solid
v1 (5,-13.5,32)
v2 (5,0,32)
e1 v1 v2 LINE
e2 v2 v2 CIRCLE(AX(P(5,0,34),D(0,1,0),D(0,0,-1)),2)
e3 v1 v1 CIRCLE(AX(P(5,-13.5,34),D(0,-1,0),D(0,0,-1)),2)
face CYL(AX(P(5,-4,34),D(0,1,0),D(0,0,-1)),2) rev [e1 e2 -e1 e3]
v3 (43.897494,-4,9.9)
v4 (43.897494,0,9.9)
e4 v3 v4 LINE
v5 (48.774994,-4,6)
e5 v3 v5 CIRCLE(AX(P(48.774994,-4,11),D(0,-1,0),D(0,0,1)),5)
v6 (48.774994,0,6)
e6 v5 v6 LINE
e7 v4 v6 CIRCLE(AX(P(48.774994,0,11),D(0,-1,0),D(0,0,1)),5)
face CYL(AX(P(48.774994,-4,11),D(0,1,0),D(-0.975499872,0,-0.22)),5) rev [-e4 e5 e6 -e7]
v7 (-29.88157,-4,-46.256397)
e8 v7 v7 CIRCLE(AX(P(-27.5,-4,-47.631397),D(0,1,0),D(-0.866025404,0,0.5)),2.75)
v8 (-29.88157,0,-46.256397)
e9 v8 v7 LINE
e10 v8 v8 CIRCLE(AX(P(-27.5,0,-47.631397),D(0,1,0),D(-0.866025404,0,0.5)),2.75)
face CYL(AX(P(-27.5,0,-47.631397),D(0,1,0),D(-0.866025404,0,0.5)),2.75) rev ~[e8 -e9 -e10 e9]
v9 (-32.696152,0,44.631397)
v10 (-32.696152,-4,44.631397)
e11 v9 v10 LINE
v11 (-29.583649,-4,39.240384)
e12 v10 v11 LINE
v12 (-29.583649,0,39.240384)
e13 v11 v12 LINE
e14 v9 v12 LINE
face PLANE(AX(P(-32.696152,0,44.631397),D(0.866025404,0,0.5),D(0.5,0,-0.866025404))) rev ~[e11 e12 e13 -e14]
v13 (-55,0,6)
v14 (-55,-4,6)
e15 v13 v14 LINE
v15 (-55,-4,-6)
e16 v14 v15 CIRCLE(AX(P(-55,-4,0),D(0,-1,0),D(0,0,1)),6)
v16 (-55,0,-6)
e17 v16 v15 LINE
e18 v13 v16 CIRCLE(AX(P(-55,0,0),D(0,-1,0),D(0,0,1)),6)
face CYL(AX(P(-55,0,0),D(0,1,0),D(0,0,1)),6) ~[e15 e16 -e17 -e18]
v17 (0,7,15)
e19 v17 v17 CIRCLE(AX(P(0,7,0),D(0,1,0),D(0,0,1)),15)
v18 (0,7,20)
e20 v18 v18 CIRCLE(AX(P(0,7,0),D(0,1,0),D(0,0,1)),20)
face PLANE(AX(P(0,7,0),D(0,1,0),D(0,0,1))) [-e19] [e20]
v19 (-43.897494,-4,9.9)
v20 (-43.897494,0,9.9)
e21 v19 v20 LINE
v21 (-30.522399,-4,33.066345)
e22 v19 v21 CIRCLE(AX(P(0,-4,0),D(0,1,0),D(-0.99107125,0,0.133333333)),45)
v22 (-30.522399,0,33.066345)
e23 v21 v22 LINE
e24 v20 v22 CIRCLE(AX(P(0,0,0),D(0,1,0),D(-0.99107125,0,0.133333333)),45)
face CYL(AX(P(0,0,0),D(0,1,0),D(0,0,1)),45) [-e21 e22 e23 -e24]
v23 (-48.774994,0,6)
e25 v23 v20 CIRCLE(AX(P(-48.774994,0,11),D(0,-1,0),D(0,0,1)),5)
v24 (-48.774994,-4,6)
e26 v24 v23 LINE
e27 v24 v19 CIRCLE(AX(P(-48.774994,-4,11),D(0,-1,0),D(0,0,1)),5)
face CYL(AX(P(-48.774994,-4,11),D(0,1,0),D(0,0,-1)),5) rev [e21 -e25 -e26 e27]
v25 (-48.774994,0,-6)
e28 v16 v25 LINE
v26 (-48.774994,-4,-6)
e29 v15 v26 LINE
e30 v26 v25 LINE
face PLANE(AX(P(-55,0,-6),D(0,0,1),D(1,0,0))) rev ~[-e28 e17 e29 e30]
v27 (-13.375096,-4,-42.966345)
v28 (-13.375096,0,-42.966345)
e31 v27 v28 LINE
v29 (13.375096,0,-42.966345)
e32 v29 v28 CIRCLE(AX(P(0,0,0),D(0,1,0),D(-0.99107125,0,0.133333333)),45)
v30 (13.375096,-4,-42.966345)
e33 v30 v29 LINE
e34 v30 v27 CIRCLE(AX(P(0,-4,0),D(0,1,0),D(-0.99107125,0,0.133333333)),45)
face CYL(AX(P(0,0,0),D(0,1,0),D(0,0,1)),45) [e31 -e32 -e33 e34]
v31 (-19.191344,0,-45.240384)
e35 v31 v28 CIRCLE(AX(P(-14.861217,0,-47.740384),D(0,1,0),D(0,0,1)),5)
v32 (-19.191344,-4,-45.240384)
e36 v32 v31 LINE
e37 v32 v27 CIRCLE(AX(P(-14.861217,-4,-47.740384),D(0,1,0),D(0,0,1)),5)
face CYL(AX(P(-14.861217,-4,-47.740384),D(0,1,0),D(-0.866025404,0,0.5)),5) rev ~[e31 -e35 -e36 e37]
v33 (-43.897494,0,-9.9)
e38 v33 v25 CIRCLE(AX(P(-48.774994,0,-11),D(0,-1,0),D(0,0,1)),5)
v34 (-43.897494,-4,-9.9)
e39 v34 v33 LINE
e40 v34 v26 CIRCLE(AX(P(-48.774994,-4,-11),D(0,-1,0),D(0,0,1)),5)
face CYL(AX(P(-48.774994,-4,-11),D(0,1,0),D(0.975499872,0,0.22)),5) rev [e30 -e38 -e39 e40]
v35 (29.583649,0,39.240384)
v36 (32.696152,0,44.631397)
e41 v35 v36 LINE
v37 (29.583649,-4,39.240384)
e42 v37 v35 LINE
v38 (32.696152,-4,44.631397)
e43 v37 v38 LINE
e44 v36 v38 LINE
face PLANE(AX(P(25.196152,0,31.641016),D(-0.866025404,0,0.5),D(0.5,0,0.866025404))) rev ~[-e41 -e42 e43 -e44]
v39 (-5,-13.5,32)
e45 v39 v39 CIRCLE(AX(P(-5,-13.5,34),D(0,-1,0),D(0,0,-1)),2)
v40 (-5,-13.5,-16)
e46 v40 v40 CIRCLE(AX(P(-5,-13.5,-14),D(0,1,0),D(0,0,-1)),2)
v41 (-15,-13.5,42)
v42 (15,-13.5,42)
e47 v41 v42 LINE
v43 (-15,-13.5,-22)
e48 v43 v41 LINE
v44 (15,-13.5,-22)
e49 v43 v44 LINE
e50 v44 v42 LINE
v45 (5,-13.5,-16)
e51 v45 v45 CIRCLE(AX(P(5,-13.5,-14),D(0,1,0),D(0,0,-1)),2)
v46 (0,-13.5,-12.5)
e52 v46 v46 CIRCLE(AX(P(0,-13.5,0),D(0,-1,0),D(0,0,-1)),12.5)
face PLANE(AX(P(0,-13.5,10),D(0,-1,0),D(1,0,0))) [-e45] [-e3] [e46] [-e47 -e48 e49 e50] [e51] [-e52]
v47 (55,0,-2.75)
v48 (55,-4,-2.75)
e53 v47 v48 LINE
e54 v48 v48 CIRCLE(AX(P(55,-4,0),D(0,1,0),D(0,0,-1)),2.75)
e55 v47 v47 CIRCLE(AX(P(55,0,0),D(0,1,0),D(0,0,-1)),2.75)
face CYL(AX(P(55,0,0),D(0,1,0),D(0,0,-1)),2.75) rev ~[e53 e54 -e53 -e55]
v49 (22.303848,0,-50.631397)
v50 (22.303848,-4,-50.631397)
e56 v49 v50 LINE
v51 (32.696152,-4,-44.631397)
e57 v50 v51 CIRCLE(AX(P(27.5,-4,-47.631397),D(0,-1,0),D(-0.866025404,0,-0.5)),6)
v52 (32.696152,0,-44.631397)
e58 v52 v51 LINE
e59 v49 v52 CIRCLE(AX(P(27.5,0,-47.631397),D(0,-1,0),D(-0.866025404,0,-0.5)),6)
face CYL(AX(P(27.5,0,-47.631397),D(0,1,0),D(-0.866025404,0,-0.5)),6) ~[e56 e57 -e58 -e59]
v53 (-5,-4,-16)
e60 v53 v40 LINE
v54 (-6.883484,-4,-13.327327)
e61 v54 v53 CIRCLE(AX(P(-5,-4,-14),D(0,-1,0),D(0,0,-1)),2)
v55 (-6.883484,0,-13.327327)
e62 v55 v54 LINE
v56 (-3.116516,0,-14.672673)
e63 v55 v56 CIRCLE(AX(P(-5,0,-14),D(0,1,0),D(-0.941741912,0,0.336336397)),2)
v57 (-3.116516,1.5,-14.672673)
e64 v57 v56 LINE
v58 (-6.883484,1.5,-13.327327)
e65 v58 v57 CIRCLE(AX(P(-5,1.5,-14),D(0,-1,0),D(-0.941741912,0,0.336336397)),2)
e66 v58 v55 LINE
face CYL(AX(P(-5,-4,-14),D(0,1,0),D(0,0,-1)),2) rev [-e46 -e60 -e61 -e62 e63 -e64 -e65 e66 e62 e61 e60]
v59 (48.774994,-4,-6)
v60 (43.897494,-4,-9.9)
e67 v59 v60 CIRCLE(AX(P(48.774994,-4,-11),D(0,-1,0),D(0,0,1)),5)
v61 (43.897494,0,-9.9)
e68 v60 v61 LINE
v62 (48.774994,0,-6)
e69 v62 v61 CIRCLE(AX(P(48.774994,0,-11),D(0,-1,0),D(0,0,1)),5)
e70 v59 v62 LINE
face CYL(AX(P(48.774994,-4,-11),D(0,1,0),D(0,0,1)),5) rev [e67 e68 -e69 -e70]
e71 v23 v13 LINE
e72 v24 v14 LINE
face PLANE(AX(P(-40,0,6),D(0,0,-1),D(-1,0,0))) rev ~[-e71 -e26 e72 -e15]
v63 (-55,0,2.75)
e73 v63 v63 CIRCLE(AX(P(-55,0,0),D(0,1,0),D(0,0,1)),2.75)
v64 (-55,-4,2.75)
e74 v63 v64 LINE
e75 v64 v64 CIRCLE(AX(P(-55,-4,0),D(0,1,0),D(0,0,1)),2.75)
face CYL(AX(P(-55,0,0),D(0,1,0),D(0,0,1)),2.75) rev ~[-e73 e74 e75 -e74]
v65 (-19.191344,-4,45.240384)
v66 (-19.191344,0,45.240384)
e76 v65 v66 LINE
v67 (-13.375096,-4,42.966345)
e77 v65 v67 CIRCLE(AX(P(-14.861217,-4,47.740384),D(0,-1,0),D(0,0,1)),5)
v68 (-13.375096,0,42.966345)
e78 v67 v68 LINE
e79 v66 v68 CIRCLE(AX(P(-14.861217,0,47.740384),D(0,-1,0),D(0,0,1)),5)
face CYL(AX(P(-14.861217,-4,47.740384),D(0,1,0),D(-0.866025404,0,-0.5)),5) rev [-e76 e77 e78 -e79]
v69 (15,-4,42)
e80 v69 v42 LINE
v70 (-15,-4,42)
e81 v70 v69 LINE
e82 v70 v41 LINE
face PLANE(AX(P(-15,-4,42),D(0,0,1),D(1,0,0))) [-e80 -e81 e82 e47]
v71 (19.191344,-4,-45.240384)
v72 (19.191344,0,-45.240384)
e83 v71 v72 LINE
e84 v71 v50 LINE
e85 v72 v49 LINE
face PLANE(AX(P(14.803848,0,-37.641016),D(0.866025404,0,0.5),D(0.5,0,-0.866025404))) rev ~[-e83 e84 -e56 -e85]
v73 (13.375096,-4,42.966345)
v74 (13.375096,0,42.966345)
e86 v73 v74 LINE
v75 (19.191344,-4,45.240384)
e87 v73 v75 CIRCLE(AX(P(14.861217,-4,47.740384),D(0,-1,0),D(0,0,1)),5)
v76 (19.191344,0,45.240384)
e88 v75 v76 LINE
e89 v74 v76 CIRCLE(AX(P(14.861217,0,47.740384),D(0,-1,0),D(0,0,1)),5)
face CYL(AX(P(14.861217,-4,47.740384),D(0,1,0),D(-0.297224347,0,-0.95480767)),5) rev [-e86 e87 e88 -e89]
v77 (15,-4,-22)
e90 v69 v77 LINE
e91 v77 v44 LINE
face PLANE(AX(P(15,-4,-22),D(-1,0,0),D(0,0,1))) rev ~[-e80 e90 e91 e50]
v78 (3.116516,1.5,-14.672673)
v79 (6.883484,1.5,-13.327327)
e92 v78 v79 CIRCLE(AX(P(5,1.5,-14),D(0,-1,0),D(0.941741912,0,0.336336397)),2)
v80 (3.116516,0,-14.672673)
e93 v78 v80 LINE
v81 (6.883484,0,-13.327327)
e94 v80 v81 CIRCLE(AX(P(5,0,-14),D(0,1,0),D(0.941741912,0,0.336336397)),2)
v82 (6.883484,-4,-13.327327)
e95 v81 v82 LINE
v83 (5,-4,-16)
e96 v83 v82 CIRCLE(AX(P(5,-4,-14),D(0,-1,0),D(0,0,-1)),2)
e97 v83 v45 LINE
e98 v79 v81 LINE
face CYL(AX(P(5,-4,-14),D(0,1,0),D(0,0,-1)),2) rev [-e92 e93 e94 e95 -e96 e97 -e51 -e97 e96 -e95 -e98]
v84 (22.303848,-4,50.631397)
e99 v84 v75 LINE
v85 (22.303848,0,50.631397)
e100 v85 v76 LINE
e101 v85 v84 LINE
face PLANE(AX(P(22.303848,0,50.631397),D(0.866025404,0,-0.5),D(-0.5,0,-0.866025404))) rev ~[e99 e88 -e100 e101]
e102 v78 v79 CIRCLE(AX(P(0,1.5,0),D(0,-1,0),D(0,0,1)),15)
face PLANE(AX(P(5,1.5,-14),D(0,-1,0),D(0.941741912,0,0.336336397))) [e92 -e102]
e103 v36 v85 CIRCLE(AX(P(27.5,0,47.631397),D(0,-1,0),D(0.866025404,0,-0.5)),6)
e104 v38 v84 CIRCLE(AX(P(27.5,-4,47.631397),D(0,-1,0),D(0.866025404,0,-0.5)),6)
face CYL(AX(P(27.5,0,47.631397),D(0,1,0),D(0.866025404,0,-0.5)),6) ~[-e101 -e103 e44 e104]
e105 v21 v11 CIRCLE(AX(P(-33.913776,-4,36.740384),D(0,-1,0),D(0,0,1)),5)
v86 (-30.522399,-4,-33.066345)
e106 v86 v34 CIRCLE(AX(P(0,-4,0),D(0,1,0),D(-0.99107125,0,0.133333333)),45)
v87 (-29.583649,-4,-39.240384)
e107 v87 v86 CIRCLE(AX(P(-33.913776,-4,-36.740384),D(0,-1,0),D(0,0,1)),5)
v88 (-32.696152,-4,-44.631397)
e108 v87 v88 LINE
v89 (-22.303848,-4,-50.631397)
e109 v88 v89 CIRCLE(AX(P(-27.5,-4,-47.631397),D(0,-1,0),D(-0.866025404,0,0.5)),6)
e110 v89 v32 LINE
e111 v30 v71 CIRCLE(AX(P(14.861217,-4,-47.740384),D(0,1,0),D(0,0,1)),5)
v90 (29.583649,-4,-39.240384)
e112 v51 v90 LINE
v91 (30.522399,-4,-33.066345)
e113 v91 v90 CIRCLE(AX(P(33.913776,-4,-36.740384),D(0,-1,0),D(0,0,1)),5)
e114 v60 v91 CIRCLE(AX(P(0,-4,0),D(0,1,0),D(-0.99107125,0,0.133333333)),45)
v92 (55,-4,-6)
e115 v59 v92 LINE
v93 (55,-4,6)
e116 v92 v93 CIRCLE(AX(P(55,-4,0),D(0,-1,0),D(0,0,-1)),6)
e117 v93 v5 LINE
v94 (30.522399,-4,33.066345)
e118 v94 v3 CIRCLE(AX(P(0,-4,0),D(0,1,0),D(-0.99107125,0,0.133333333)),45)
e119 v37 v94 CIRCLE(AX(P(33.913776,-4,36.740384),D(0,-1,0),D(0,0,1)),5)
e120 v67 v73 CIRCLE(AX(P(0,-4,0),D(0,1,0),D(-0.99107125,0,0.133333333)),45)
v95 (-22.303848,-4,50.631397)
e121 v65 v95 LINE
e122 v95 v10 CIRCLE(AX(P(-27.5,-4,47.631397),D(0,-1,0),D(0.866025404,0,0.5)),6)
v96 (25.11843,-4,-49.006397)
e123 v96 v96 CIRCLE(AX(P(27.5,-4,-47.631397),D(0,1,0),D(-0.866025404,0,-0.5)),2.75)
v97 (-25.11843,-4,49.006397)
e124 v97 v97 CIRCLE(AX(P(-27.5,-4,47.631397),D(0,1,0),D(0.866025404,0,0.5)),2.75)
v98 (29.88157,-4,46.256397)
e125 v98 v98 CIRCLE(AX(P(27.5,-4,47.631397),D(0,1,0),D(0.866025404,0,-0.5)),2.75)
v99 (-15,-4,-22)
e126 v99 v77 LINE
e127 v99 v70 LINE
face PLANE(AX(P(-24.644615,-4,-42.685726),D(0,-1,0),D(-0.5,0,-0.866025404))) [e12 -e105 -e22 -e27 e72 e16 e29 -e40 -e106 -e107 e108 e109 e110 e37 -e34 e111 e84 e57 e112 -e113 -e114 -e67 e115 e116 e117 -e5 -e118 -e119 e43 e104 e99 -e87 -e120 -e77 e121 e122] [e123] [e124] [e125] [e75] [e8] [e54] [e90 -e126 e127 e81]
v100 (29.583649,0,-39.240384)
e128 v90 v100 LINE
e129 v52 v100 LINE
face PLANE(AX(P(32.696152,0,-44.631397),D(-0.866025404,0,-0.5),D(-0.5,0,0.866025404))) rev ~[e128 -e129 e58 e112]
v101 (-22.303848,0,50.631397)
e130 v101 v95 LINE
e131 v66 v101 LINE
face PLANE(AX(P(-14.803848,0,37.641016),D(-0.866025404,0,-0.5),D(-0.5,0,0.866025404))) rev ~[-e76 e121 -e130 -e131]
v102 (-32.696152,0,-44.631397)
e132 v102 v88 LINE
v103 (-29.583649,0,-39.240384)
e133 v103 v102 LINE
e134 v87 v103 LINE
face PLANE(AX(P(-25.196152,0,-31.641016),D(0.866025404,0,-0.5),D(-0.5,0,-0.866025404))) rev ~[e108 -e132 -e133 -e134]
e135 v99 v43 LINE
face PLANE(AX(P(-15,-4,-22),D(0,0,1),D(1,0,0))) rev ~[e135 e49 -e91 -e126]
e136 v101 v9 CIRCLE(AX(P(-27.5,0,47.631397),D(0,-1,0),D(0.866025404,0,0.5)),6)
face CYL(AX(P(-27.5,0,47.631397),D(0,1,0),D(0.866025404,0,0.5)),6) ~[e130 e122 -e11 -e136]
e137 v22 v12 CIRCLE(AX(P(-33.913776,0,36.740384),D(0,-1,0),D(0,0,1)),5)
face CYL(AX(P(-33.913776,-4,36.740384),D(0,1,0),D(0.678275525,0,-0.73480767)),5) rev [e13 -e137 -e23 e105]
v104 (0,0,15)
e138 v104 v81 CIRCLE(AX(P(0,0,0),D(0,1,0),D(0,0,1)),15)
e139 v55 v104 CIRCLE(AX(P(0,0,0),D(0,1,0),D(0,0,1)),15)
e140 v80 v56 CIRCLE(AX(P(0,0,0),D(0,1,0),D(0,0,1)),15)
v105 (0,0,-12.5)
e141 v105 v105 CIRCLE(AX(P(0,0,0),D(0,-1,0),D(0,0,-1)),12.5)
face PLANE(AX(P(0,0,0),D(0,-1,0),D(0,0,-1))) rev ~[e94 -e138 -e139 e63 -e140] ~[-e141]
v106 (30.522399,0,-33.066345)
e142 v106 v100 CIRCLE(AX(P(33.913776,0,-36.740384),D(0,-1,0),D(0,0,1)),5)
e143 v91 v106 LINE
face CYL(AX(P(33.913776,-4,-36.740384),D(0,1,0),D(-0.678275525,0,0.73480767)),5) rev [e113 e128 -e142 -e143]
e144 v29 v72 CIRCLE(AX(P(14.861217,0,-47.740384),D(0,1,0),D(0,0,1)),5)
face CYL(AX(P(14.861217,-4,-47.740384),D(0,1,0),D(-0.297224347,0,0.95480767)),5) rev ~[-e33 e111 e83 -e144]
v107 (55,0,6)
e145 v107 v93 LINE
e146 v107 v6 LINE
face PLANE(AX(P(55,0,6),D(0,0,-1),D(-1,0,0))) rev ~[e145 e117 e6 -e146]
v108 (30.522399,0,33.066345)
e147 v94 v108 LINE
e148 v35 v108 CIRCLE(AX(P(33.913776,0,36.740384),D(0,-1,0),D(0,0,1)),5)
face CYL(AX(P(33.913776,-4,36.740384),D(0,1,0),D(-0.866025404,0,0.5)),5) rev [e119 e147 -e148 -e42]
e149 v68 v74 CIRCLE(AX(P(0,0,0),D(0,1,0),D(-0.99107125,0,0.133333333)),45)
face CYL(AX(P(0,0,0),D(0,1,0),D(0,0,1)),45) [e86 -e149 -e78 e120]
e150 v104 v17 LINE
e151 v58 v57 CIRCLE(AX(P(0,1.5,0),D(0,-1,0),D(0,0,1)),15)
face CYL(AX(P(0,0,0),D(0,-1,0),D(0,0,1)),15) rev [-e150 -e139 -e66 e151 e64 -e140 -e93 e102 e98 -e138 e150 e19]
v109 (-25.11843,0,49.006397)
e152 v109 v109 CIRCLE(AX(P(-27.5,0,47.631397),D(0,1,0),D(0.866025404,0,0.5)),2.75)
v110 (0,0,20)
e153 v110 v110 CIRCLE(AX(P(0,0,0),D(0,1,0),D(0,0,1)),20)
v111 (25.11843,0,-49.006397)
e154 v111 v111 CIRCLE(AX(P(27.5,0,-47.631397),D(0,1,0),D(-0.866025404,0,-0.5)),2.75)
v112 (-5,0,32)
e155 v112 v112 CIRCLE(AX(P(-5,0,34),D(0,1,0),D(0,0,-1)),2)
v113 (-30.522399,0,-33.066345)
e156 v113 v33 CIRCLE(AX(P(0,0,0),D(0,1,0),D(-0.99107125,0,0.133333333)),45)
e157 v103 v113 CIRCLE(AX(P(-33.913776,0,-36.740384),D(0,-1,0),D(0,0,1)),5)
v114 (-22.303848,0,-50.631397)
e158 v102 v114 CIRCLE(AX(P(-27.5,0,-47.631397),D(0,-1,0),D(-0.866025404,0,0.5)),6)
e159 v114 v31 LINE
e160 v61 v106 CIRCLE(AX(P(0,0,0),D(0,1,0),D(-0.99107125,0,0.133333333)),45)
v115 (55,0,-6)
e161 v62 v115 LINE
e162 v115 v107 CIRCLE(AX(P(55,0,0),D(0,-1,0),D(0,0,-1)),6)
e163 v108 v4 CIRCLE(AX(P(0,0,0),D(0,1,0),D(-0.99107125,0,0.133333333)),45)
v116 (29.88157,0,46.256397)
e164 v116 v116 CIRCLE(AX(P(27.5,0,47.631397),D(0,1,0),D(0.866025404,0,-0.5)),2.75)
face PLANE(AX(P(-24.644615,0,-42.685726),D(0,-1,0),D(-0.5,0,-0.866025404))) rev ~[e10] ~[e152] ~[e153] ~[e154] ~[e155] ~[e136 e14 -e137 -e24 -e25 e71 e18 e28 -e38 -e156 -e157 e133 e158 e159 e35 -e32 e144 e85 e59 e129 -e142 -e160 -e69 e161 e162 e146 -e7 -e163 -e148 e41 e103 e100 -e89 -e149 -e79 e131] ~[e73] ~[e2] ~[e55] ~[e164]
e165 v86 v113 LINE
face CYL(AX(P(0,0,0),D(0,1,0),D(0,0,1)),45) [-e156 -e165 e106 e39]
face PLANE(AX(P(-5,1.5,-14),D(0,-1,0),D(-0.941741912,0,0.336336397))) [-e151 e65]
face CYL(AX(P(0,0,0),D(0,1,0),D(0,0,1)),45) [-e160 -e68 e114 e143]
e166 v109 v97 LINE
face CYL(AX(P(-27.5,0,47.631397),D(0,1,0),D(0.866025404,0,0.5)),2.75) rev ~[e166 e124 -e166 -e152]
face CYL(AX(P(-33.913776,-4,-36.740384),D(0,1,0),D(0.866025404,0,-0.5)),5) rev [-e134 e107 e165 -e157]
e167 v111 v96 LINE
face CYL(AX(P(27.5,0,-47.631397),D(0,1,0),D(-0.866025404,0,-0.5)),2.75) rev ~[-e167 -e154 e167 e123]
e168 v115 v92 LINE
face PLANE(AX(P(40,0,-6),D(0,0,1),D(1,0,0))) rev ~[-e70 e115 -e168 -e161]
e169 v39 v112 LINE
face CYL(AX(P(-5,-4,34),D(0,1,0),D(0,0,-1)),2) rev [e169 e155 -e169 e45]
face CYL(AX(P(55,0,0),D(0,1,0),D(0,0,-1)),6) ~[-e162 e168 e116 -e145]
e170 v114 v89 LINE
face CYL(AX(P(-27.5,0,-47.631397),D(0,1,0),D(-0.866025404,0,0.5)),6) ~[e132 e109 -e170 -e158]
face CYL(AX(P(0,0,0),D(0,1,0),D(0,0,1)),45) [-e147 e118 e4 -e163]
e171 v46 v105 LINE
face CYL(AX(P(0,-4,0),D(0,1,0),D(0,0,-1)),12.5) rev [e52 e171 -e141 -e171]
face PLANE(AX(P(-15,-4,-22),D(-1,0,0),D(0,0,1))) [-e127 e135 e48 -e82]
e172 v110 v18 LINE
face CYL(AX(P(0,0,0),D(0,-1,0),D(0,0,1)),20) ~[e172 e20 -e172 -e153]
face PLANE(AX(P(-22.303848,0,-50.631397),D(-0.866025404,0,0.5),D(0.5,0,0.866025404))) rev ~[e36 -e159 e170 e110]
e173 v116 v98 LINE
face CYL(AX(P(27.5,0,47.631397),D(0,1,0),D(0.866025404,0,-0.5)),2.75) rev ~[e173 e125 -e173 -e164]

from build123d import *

# Parameters (mm, degrees)
SKETCH_1_R               = 20
SKETCH_1_R_2             = 15
EXTRUDE_1_DEPTH          = 7
SKETCH_2_R               = 70
SKETCH_2_R_2             = 12.5
EXTRUDE_2_DEPTH          = 4
SKETCH_3_W               = 30
SKETCH_3_H               = 64
SKETCH_3_R               = 2
SKETCH_3_R_2             = 12.5
EXTRUDE_3_DEPTH          = 9.5
SKETCH_4_R               = 80
SKETCH_4_R_2             = 45
CUT_EXTRUDE_1_DEPTH      = 9.5
CUT_EXTRUDE_START        = -15
SKETCH_6_R               = 2
CUT_EXTRUDE_2_DEPTH      = 15
SKETCH_7_R               = 2.75
EXTRUDE_4_DEPTH          = 4
PATTERN_CIRCULAR_1_COUNT = 6
FILLET_2_R               = 5


with BuildPart() as part:
    # Эскиз1 → Бобышка-Вытянуть1 (new body)
    with BuildSketch(Plane(origin=(0, 0, 0), x_dir=(1, 0, 0), z_dir=(0, 1, 0))):
        with Locations(Location((0, 0, 0), (0, 0, 270))):
            Circle(SKETCH_1_R)
        with Locations(Location((0, 0, 0), (0, 0, 270))):
            Circle(SKETCH_1_R_2, mode=Mode.SUBTRACT)
    extrude(amount=EXTRUDE_1_DEPTH)

    # Эскиз2 → Бобышка-Вытянуть2 (add)
    with BuildSketch(Plane.XZ):
        with Locations(Location((0, 0, 0), (0, 0, 270))):
            Circle(SKETCH_2_R)
        with Locations(Location((0, 0, 0), (0, 0, 270))):
            Circle(SKETCH_2_R_2, mode=Mode.SUBTRACT)
    extrude(amount=EXTRUDE_2_DEPTH)

    # Эскиз3 → Бобышка-Вытянуть3 (add)
    with BuildSketch(Plane.XZ.offset(4)):
        with Locations((0, 10)):
            Rectangle(SKETCH_3_W, SKETCH_3_H)
        with Locations(Location((-5, 34, 0), (0, 0, 270))):
            Circle(SKETCH_3_R, mode=Mode.SUBTRACT)
        with Locations(Location((5, 34, 0), (0, 0, 270))):
            Circle(SKETCH_3_R, mode=Mode.SUBTRACT)
        with Locations(Location((-5, -14, 0), (0, 0, 270))):
            Circle(SKETCH_3_R, mode=Mode.SUBTRACT)
        with Locations(Location((5, -14, 0), (0, 0, 270))):
            Circle(SKETCH_3_R, mode=Mode.SUBTRACT)
        with Locations(Location((0, 0, 0), (0, 0, 270))):
            Circle(SKETCH_3_R_2, mode=Mode.SUBTRACT)
    extrude(amount=EXTRUDE_3_DEPTH)

    # Эскиз4 → Вырез-Вытянуть1 (cut)
    with BuildSketch(Plane(origin=(0, 0, 0), x_dir=(1, 0, 0), z_dir=(0, 1, 0))):
        Circle(SKETCH_4_R)
        with Locations(Location((0, 0, 0), (0, 0, 270))):
            Circle(SKETCH_4_R_2, mode=Mode.SUBTRACT)
    extrude(amount=-CUT_EXTRUDE_1_DEPTH, mode=Mode.SUBTRACT)

    # Эскиз6 → Вырез-Вытянуть2 (cut)
    with BuildSketch(Plane.XZ.offset(13.5).offset(CUT_EXTRUDE_START)):
        with Locations(Location((-5, 34, 0), (0, 0, 270))):
            Circle(SKETCH_6_R)
        with Locations(Location((5, 34, 0), (0, 0, 270))):
            Circle(SKETCH_6_R)
        with Locations(Location((-5, -14, 0), (0, 0, 160.346175942))):
            Circle(SKETCH_6_R)
        with Locations(Location((5, -14, 0), (0, 0, 19.653824058))):
            Circle(SKETCH_6_R)
    extrude(amount=CUT_EXTRUDE_2_DEPTH, mode=Mode.SUBTRACT)

    # Эскиз7 → Бобышка-Вытянуть4 (add)
    with BuildSketch(Plane(origin=(0, 0, 0), x_dir=(1, 0, 0), z_dir=(0, 1, 0))):
        with BuildLine():
            Line((-55, 6), (-40, 6))
            Line((-40, 6), (-40, -6))
            Line((-40, -6), (-55, -6))
            ThreePointArc((-55, -6), (-61, 0), (-55, 6))
        make_face()
        with Locations(Location((-55, 0, 0), (0, 0, 270))):
            Circle(SKETCH_7_R, mode=Mode.SUBTRACT)
    extrude_4 = extrude(amount=-EXTRUDE_4_DEPTH)

    # Круговой массив1: Бобышка-Вытянуть4 ×6 about axis
    pattern_circular_1_axis = Axis((0, 0, 0), (0, 1, 0))
    for i in range(1, PATTERN_CIRCULAR_1_COUNT):
        add(extrude_4.rotate(pattern_circular_1_axis, i * 360 / PATTERN_CIRCULAR_1_COUNT))

    # Скругление2
    fillet_2_edges = [part.edges().sort_by_distance(p)[0] for p in [
        (-17.102950698, -2, 41.623179569),
        (-27.495255544, -2, 35.623179569),
        (27.495255544, -2, 35.623179569),
        (17.102950698, -2, 41.623179569),
        (44.598206242, -2, -6),
        (44.598206242, -2, 6),
        (17.102950698, -2, -41.623179569),
        (27.495255544, -2, -35.623179569),
        (-27.495255544, -2, -35.623179569),
        (-17.102950698, -2, -41.623179569),
        (-44.598206242, -2, 6),
        (-44.598206242, -2, -6),
    ]]
    fillet(fillet_2_edges, radius=FILLET_2_R)


solid = part.part
